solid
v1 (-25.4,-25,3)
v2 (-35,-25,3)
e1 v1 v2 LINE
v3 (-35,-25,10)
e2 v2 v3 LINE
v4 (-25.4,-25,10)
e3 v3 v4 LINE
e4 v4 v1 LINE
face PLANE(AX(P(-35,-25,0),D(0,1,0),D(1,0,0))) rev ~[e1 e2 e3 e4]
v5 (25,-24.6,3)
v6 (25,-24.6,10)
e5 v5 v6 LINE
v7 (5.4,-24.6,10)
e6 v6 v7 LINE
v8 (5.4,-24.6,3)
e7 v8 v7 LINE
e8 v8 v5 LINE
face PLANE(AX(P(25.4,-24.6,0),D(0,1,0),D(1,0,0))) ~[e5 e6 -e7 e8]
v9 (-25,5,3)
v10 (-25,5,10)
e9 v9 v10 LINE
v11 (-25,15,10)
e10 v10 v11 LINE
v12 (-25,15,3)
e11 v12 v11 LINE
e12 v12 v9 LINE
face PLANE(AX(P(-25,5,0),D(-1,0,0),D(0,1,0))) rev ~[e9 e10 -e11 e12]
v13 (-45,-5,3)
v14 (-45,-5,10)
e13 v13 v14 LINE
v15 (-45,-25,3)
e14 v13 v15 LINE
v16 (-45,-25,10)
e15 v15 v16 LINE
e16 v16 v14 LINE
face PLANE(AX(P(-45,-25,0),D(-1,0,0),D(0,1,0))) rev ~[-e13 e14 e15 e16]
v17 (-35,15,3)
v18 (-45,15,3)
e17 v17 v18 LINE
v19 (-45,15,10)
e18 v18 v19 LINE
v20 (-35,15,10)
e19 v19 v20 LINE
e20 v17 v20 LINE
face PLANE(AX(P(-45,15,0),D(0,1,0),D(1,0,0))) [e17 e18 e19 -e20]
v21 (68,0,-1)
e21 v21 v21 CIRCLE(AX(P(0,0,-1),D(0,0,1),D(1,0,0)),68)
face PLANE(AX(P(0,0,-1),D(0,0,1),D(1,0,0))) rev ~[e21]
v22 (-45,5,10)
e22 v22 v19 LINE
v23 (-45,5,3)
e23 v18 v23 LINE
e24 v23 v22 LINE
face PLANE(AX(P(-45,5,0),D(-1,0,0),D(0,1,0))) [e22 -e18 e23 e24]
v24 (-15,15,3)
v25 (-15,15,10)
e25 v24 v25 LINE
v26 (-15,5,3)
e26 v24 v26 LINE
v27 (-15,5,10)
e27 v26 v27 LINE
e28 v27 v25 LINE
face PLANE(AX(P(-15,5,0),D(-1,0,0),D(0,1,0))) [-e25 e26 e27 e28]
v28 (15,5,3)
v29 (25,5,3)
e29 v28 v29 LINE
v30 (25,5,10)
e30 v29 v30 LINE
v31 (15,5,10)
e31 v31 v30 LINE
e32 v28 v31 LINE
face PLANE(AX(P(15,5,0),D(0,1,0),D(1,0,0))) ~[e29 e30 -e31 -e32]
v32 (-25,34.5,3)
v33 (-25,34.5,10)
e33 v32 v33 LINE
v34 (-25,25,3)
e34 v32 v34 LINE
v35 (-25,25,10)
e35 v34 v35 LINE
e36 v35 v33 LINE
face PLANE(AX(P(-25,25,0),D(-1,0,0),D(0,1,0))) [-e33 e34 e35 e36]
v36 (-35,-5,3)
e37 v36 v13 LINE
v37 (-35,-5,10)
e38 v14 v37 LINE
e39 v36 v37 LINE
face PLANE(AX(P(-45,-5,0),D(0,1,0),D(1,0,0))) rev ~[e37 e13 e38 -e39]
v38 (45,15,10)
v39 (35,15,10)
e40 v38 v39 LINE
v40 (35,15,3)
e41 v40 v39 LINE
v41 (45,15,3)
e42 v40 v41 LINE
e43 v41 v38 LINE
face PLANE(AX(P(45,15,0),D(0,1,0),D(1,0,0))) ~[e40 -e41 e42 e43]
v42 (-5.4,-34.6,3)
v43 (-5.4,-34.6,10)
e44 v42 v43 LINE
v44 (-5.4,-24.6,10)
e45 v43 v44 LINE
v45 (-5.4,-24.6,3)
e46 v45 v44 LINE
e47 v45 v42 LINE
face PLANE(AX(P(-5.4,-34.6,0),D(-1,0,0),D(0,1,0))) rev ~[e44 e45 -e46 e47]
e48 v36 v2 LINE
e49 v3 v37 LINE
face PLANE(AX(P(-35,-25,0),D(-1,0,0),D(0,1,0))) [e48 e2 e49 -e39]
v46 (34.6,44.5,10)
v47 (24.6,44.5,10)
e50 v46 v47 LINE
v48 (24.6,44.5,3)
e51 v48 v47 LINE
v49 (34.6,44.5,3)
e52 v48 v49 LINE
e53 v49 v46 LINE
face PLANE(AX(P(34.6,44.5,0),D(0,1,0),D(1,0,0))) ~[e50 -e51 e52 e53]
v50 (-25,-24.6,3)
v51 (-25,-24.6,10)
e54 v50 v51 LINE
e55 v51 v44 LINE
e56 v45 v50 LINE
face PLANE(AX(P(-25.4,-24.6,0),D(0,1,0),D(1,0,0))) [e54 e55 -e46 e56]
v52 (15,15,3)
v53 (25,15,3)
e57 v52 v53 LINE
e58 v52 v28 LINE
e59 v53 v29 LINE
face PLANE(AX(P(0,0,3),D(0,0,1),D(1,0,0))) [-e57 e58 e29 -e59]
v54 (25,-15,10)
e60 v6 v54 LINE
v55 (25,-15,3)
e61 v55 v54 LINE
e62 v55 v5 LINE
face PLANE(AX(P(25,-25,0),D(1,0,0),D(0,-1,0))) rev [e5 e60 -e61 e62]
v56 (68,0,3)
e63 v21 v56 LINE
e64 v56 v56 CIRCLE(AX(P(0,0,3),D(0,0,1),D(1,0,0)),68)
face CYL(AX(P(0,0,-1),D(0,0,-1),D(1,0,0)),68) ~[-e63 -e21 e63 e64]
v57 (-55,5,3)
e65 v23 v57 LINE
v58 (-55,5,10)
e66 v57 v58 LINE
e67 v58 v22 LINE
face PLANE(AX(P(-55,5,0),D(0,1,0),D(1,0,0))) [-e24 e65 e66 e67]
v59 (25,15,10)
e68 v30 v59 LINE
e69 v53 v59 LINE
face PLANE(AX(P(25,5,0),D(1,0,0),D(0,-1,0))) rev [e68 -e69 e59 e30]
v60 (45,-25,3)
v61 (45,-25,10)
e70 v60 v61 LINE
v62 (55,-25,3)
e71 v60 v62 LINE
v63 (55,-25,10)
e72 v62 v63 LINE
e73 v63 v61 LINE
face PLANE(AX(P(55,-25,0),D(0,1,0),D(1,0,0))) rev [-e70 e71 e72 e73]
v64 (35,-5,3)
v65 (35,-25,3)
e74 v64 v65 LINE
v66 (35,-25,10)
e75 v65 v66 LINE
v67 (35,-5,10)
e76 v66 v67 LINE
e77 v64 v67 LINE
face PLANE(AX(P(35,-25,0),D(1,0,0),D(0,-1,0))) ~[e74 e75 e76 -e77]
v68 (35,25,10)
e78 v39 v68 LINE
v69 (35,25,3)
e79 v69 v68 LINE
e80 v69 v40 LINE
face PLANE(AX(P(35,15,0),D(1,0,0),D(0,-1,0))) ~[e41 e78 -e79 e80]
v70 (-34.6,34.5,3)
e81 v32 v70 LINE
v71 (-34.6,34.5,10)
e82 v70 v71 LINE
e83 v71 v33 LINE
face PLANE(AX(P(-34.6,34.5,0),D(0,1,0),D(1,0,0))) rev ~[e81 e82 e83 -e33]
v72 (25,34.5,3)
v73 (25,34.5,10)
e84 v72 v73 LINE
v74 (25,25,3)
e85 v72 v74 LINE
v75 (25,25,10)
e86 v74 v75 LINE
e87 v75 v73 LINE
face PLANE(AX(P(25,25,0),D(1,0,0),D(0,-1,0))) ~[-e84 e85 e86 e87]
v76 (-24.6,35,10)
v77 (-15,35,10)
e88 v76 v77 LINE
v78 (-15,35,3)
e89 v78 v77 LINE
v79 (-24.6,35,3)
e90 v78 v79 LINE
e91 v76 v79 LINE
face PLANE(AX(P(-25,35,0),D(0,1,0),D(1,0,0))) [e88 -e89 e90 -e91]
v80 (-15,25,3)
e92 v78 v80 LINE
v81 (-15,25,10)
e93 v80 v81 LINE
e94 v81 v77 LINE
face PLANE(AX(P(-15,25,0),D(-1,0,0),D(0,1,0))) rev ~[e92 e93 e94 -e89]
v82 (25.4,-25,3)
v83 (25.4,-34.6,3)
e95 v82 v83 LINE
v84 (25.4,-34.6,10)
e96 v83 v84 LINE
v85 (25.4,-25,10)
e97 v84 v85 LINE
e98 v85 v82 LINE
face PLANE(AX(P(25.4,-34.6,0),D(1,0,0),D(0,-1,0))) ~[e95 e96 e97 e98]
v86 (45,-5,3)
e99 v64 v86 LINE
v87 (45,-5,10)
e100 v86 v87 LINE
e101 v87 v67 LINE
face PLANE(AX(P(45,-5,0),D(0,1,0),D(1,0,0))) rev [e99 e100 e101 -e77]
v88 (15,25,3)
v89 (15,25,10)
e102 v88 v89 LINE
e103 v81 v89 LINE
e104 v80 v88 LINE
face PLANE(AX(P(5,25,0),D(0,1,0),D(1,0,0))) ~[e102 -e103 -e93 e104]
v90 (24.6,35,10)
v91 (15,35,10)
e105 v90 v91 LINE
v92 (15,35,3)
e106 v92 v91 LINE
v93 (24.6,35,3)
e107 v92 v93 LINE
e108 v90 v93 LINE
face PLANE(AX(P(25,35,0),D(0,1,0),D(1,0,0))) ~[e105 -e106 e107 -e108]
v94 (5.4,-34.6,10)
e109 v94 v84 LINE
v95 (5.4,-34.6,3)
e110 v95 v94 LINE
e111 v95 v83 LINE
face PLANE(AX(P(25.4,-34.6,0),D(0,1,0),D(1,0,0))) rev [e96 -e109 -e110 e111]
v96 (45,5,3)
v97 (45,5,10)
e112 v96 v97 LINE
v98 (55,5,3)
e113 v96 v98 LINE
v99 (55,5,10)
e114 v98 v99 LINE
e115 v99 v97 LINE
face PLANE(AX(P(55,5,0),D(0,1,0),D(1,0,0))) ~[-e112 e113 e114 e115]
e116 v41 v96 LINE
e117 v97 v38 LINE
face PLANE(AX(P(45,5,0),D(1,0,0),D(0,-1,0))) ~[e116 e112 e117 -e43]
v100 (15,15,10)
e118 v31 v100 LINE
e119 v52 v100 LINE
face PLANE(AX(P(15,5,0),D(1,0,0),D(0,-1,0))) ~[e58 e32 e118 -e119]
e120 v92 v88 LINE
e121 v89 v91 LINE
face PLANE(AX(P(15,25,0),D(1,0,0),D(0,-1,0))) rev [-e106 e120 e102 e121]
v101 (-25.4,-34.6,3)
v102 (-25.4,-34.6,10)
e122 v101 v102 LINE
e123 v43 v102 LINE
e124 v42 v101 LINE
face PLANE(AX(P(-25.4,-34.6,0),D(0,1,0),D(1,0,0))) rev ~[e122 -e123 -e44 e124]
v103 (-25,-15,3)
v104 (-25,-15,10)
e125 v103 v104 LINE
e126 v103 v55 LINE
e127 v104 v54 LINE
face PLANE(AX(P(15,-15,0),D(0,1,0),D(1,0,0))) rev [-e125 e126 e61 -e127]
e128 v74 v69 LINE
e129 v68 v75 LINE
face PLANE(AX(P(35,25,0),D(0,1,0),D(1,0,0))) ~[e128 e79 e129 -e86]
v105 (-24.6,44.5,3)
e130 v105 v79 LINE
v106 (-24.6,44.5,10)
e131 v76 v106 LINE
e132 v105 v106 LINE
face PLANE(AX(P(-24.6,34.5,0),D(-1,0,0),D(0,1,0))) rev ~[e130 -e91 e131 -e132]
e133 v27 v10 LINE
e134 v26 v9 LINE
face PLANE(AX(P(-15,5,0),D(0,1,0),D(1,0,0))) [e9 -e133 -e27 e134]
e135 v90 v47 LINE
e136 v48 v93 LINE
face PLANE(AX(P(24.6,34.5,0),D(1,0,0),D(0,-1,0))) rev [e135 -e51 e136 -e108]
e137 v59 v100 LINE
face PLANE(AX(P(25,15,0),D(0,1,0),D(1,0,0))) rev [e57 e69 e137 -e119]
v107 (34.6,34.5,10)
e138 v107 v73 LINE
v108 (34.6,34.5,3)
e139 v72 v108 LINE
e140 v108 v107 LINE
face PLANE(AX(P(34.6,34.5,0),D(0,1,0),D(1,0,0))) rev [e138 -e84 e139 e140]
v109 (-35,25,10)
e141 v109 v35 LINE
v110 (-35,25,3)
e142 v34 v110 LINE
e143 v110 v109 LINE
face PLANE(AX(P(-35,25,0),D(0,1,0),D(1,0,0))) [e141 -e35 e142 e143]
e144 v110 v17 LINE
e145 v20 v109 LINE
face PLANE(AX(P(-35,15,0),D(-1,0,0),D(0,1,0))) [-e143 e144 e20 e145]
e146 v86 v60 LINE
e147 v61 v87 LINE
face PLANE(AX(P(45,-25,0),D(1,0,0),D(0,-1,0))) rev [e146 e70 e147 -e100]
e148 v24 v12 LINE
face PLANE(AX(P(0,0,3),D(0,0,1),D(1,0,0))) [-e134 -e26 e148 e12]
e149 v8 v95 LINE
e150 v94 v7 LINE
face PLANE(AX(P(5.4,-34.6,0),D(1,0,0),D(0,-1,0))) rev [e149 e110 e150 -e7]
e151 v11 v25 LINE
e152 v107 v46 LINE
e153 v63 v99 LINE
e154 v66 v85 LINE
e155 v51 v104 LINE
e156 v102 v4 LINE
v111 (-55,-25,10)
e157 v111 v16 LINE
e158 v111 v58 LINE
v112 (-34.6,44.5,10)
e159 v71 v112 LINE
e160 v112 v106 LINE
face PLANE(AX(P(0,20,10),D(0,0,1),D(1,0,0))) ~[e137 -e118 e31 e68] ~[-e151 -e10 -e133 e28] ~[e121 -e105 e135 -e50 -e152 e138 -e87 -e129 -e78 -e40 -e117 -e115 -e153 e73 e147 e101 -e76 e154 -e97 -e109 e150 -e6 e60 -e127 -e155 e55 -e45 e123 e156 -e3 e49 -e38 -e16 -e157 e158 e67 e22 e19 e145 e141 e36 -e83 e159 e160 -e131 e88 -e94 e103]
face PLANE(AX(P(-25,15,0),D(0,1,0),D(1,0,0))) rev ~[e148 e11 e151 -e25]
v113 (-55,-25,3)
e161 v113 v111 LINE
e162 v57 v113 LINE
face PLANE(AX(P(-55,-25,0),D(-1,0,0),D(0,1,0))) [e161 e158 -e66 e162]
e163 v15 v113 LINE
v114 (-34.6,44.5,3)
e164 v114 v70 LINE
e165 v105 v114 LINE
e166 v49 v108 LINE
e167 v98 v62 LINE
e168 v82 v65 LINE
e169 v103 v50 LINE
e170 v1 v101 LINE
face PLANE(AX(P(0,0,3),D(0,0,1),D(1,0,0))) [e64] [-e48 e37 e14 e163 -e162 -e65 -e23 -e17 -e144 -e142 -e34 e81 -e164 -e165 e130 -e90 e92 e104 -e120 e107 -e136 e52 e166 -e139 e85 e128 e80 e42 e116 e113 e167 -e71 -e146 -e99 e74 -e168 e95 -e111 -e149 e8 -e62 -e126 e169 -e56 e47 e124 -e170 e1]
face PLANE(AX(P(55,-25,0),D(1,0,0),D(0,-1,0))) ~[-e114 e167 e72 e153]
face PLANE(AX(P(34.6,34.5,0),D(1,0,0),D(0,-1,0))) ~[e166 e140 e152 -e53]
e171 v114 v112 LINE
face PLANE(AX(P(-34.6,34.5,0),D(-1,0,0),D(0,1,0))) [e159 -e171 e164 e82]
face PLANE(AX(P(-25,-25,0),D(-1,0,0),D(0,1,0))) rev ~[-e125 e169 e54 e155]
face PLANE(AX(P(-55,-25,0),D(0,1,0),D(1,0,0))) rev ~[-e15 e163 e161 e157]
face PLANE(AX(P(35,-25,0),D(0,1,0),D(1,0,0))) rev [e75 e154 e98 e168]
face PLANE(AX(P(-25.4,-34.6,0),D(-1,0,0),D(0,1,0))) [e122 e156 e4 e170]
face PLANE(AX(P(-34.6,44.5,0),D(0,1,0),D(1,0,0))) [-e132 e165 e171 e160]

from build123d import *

# Parameters (mm, degrees)
BOX011_W       = 10
BOX011_H       = 10
BOX011_DEPTH   = 10
BOX012_W       = 10
BOX012_H       = 10
BOX012_DEPTH   = 10
BOX001_W       = 10
BOX001_H       = 10
BOX001_DEPTH   = 10
BOX003_W       = 10
BOX003_H       = 10
BOX003_DEPTH   = 10
BOX020_W       = 10
BOX020_H       = 10
BOX020_DEPTH   = 10
BOX019_W       = 10
BOX019_H       = 10
BOX019_DEPTH   = 10
BOX024_W       = 10
BOX024_H       = 10
BOX024_DEPTH   = 10
BOX017_W       = 10
BOX017_H       = 10
BOX017_DEPTH   = 10
BOX007_W       = 10
BOX007_H       = 10
BOX007_DEPTH   = 10
BOX013_W       = 10
BOX013_H       = 10
BOX013_DEPTH   = 10
BOX006_W       = 10
BOX006_H       = 10
BOX006_DEPTH   = 10
BOX005_W       = 10
BOX005_H       = 10
BOX005_DEPTH   = 10
BOX002_W       = 10
BOX002_H       = 10
BOX002_DEPTH   = 10
BOX015_W       = 10
BOX015_H       = 10
BOX015_DEPTH   = 10
BOX023_W       = 10
BOX023_H       = 10
BOX023_DEPTH   = 10
BOX004_W       = 10
BOX004_H       = 10
BOX004_DEPTH   = 10
BOX014_W       = 10
BOX014_H       = 10
BOX014_DEPTH   = 10
BOX009_W       = 10
BOX009_H       = 10
BOX009_DEPTH   = 10
BOX016_W       = 10
BOX016_H       = 10
BOX016_DEPTH   = 10
BOX010_W       = 10
BOX010_H       = 10
BOX010_DEPTH   = 10
BOX_W          = 10
BOX_H          = 10
BOX_DEPTH      = 10
BOX022_W       = 10
BOX022_H       = 10
BOX022_DEPTH   = 10
BOX018_W       = 10
BOX018_H       = 10
BOX018_DEPTH   = 10
BOX021_W       = 10
BOX021_H       = 10
BOX021_DEPTH   = 10
BOX008_W       = 10
BOX008_H       = 10
BOX008_DEPTH   = 10
CYLINDER_R     = 68
CYLINDER_DEPTH = 4


with BuildPart() as cubo011:
    # Box011 → Box011 (new body)
    with BuildSketch(Plane(origin=(-25, -5, 0), x_dir=(1, 0, 0), z_dir=(0, 0, 1))):
        with Locations((5, 5)):
            Rectangle(BOX011_W, BOX011_H)
    extrude(amount=BOX011_DEPTH)


with BuildPart() as cubo012:
    # Box012 → Box012 (new body)
    with BuildSketch(Plane(origin=(-15, -5, 0), x_dir=(1, 0, 0), z_dir=(0, 0, 1))):
        with Locations((5, 5)):
            Rectangle(BOX012_W, BOX012_H)
    extrude(amount=BOX012_DEPTH)


with BuildPart() as cubo001:
    # Box001 → Box001 (new body)
    with BuildSketch(Plane(origin=(-34.6, 34.5, 0), x_dir=(1, 0, 0), z_dir=(0, 0, 1))):
        with Locations((5, 5)):
            Rectangle(BOX001_W, BOX001_H)
    extrude(amount=BOX001_DEPTH)


with BuildPart() as cubo003:
    # Box003 → Box003 (new body)
    with BuildSketch(Plane(origin=(-25, 15, 0), x_dir=(1, 0, 0), z_dir=(0, 0, 1))):
        with Locations((5, 5)):
            Rectangle(BOX003_W, BOX003_H)
    extrude(amount=BOX003_DEPTH)


with BuildPart() as cubo020:
    # Box020 → Box020 (new body)
    with BuildSketch(Plane(origin=(-15.4, -34.6, 0), x_dir=(1, 0, 0), z_dir=(0, 0, 1))):
        with Locations((5, 5)):
            Rectangle(BOX020_W, BOX020_H)
    extrude(amount=BOX020_DEPTH)


with BuildPart() as cubo019:
    # Box019 → Box019 (new body)
    with BuildSketch(Plane(origin=(-25.4, -34.6, 0), x_dir=(1, 0, 0), z_dir=(0, 0, 1))):
        with Locations((5, 5)):
            Rectangle(BOX019_W, BOX019_H)
    extrude(amount=BOX019_DEPTH)


with BuildPart() as cubo024:
    # Box024 → Box024 (new body)
    with BuildSketch(Plane(origin=(-5, -15, 0), x_dir=(1, 0, 0), z_dir=(0, 0, 1))):
        with Locations((5, 5)):
            Rectangle(BOX024_W, BOX024_H)
    extrude(amount=BOX024_DEPTH)


with BuildPart() as cubo017:
    # Box017 → Box017 (new body)
    with BuildSketch(Plane(origin=(-25, -15, 0), x_dir=(1, 0, 0), z_dir=(0, 0, 1))):
        with Locations((5, 5)):
            Rectangle(BOX017_W, BOX017_H)
    extrude(amount=BOX017_DEPTH)


with BuildPart() as cubo007:
    # Box007 → Box007 (new body)
    with BuildSketch(Plane(origin=(-15, 5, 0), x_dir=(1, 0, 0), z_dir=(0, 0, 1))):
        with Locations((5, 5)):
            Rectangle(BOX007_W, BOX007_H)
    extrude(amount=BOX007_DEPTH)


with BuildPart() as cubo013:
    # Box013 → Box013 (new body)
    with BuildSketch(Plane(origin=(-55, -15, 0), x_dir=(1, 0, 0), z_dir=(0, 0, 1))):
        with Locations((5, 5)):
            Rectangle(BOX013_W, BOX013_H)
    extrude(amount=BOX013_DEPTH)


with BuildPart() as cubo006:
    # Box006 → Box006 (new body)
    with BuildSketch(Plane(origin=(-35, 5, 0), x_dir=(1, 0, 0), z_dir=(0, 0, 1))):
        with Locations((5, 5)):
            Rectangle(BOX006_W, BOX006_H)
    extrude(amount=BOX006_DEPTH)


with BuildPart() as cubo005:
    # Box005 → Box005 (new body)
    with BuildSketch(Plane(origin=(-45, 5, 0), x_dir=(1, 0, 0), z_dir=(0, 0, 1))):
        with Locations((5, 5)):
            Rectangle(BOX005_W, BOX005_H)
    extrude(amount=BOX005_DEPTH)


with BuildPart() as cubo002:
    # Box002 → Box002 (new body)
    with BuildSketch(Plane(origin=(-25, 25, 0), x_dir=(1, 0, 0), z_dir=(0, 0, 1))):
        with Locations((5, 5)):
            Rectangle(BOX002_W, BOX002_H)
    extrude(amount=BOX002_DEPTH)


with BuildPart() as cubo015:
    # Box015 → Box015 (new body)
    with BuildSketch(Plane(origin=(-35, -15, 0), x_dir=(1, 0, 0), z_dir=(0, 0, 1))):
        with Locations((5, 5)):
            Rectangle(BOX015_W, BOX015_H)
    extrude(amount=BOX015_DEPTH)


with BuildPart() as cubo023:
    # Box023 → Box023 (new body)
    with BuildSketch(Plane(origin=(-5, -5, 0), x_dir=(1, 0, 0), z_dir=(0, 0, 1))):
        with Locations((5, 5)):
            Rectangle(BOX023_W, BOX023_H)
    extrude(amount=BOX023_DEPTH)


with BuildPart() as cubo004:
    # Box004 → Box004 (new body)
    with BuildSketch(Plane(origin=(-15, 15, 0), x_dir=(1, 0, 0), z_dir=(0, 0, 1))):
        with Locations((5, 5)):
            Rectangle(BOX004_W, BOX004_H)
    extrude(amount=BOX004_DEPTH)


with BuildPart() as cubo014:
    # Box014 → Box014 (new body)
    with BuildSketch(Plane(origin=(-55, -25, 0), x_dir=(1, 0, 0), z_dir=(0, 0, 1))):
        with Locations((5, 5)):
            Rectangle(BOX014_W, BOX014_H)
    extrude(amount=BOX014_DEPTH)


with BuildPart() as cubo009:
    # Box009 → Box009 (new body)
    with BuildSketch(Plane(origin=(-45, -5, 0), x_dir=(1, 0, 0), z_dir=(0, 0, 1))):
        with Locations((5, 5)):
            Rectangle(BOX009_W, BOX009_H)
    extrude(amount=BOX009_DEPTH)


with BuildPart() as cubo016:
    # Box016 → Box016 (new body)
    with BuildSketch(Plane(origin=(-35, -25, 0), x_dir=(1, 0, 0), z_dir=(0, 0, 1))):
        with Locations((5, 5)):
            Rectangle(BOX016_W, BOX016_H)
    extrude(amount=BOX016_DEPTH)


with BuildPart() as cubo010:
    # Box010 → Box010 (new body)
    with BuildSketch(Plane(origin=(-35, -5, 0), x_dir=(1, 0, 0), z_dir=(0, 0, 1))):
        with Locations((5, 5)):
            Rectangle(BOX010_W, BOX010_H)
    extrude(amount=BOX010_DEPTH)


with BuildPart() as cubo:
    # Box → Box (new body)
    with BuildSketch(Plane(origin=(-35, 15, 0), x_dir=(1, 0, 0), z_dir=(0, 0, 1))):
        with Locations((5, 5)):
            Rectangle(BOX_W, BOX_H)
    extrude(amount=BOX_DEPTH)


with BuildPart() as cubo022:
    # Box022 → Box022 (new body)
    with BuildSketch(Plane(origin=(-5, 5, 0), x_dir=(1, 0, 0), z_dir=(0, 0, 1))):
        with Locations((5, 5)):
            Rectangle(BOX022_W, BOX022_H)
    extrude(amount=BOX022_DEPTH)


with BuildPart() as cubo018:
    # Box018 → Box018 (new body)
    with BuildSketch(Plane(origin=(-15, -15, 0), x_dir=(1, 0, 0), z_dir=(0, 0, 1))):
        with Locations((5, 5)):
            Rectangle(BOX018_W, BOX018_H)
    extrude(amount=BOX018_DEPTH)


with BuildPart() as cubo021:
    # Box021 → Box021 (new body)
    with BuildSketch(Plane(origin=(-5, 15, 0), x_dir=(1, 0, 0), z_dir=(0, 0, 1))):
        with Locations((5, 5)):
            Rectangle(BOX021_W, BOX021_H)
    extrude(amount=BOX021_DEPTH)


with BuildPart() as lado_izdo:
    # Box008 → Box008 (new body)
    with BuildSketch(Plane(origin=(-55, -5, 0), x_dir=(1, 0, 0), z_dir=(0, 0, 1))):
        with Locations((5, 5)):
            Rectangle(BOX008_W, BOX008_H)
    extrude(amount=BOX008_DEPTH)

    # Fusion: union Cubo011, Cubo012, Cubo001, Cubo003, Cubo020, Cubo019, Cubo024, Cubo017, Cubo007, Cubo013, Cubo006, Cubo005, Cubo002, Cubo015, Cubo023, Cubo004, Cubo014, Cubo009, Cubo016, Cubo010, Cubo, Cubo022, Cubo018, Cubo021
    add(cubo011.part)
    add(cubo012.part)
    add(cubo001.part)
    add(cubo003.part)
    add(cubo020.part)
    add(cubo019.part)
    add(cubo024.part)
    add(cubo017.part)
    add(cubo007.part)
    add(cubo013.part)
    add(cubo006.part)
    add(cubo005.part)
    add(cubo002.part)
    add(cubo015.part)
    add(cubo023.part)
    add(cubo004.part)
    add(cubo014.part)
    add(cubo009.part)
    add(cubo016.part)
    add(cubo010.part)
    add(cubo.part)
    add(cubo022.part)
    add(cubo018.part)
    add(cubo021.part)


with BuildPart() as invaders:
    # Part__Mirroring: instance of Lado-izdo
    add(lado_izdo.part.mirror(Plane(origin=(0, 0, 0), x_dir=(0, -1, 0), z_dir=(1, 0, 0))))

    # Fusion001: union Lado-izdo
    add(lado_izdo.part)


with BuildPart() as invaders_final:
    # Cylinder → Cylinder (new body)
    with BuildSketch(Plane.XY.offset(-1)):
        Circle(CYLINDER_R)
    extrude(amount=CYLINDER_DEPTH)

    # Fusion002: union Invaders
    add(invaders.part)


solid = invaders_final.part
